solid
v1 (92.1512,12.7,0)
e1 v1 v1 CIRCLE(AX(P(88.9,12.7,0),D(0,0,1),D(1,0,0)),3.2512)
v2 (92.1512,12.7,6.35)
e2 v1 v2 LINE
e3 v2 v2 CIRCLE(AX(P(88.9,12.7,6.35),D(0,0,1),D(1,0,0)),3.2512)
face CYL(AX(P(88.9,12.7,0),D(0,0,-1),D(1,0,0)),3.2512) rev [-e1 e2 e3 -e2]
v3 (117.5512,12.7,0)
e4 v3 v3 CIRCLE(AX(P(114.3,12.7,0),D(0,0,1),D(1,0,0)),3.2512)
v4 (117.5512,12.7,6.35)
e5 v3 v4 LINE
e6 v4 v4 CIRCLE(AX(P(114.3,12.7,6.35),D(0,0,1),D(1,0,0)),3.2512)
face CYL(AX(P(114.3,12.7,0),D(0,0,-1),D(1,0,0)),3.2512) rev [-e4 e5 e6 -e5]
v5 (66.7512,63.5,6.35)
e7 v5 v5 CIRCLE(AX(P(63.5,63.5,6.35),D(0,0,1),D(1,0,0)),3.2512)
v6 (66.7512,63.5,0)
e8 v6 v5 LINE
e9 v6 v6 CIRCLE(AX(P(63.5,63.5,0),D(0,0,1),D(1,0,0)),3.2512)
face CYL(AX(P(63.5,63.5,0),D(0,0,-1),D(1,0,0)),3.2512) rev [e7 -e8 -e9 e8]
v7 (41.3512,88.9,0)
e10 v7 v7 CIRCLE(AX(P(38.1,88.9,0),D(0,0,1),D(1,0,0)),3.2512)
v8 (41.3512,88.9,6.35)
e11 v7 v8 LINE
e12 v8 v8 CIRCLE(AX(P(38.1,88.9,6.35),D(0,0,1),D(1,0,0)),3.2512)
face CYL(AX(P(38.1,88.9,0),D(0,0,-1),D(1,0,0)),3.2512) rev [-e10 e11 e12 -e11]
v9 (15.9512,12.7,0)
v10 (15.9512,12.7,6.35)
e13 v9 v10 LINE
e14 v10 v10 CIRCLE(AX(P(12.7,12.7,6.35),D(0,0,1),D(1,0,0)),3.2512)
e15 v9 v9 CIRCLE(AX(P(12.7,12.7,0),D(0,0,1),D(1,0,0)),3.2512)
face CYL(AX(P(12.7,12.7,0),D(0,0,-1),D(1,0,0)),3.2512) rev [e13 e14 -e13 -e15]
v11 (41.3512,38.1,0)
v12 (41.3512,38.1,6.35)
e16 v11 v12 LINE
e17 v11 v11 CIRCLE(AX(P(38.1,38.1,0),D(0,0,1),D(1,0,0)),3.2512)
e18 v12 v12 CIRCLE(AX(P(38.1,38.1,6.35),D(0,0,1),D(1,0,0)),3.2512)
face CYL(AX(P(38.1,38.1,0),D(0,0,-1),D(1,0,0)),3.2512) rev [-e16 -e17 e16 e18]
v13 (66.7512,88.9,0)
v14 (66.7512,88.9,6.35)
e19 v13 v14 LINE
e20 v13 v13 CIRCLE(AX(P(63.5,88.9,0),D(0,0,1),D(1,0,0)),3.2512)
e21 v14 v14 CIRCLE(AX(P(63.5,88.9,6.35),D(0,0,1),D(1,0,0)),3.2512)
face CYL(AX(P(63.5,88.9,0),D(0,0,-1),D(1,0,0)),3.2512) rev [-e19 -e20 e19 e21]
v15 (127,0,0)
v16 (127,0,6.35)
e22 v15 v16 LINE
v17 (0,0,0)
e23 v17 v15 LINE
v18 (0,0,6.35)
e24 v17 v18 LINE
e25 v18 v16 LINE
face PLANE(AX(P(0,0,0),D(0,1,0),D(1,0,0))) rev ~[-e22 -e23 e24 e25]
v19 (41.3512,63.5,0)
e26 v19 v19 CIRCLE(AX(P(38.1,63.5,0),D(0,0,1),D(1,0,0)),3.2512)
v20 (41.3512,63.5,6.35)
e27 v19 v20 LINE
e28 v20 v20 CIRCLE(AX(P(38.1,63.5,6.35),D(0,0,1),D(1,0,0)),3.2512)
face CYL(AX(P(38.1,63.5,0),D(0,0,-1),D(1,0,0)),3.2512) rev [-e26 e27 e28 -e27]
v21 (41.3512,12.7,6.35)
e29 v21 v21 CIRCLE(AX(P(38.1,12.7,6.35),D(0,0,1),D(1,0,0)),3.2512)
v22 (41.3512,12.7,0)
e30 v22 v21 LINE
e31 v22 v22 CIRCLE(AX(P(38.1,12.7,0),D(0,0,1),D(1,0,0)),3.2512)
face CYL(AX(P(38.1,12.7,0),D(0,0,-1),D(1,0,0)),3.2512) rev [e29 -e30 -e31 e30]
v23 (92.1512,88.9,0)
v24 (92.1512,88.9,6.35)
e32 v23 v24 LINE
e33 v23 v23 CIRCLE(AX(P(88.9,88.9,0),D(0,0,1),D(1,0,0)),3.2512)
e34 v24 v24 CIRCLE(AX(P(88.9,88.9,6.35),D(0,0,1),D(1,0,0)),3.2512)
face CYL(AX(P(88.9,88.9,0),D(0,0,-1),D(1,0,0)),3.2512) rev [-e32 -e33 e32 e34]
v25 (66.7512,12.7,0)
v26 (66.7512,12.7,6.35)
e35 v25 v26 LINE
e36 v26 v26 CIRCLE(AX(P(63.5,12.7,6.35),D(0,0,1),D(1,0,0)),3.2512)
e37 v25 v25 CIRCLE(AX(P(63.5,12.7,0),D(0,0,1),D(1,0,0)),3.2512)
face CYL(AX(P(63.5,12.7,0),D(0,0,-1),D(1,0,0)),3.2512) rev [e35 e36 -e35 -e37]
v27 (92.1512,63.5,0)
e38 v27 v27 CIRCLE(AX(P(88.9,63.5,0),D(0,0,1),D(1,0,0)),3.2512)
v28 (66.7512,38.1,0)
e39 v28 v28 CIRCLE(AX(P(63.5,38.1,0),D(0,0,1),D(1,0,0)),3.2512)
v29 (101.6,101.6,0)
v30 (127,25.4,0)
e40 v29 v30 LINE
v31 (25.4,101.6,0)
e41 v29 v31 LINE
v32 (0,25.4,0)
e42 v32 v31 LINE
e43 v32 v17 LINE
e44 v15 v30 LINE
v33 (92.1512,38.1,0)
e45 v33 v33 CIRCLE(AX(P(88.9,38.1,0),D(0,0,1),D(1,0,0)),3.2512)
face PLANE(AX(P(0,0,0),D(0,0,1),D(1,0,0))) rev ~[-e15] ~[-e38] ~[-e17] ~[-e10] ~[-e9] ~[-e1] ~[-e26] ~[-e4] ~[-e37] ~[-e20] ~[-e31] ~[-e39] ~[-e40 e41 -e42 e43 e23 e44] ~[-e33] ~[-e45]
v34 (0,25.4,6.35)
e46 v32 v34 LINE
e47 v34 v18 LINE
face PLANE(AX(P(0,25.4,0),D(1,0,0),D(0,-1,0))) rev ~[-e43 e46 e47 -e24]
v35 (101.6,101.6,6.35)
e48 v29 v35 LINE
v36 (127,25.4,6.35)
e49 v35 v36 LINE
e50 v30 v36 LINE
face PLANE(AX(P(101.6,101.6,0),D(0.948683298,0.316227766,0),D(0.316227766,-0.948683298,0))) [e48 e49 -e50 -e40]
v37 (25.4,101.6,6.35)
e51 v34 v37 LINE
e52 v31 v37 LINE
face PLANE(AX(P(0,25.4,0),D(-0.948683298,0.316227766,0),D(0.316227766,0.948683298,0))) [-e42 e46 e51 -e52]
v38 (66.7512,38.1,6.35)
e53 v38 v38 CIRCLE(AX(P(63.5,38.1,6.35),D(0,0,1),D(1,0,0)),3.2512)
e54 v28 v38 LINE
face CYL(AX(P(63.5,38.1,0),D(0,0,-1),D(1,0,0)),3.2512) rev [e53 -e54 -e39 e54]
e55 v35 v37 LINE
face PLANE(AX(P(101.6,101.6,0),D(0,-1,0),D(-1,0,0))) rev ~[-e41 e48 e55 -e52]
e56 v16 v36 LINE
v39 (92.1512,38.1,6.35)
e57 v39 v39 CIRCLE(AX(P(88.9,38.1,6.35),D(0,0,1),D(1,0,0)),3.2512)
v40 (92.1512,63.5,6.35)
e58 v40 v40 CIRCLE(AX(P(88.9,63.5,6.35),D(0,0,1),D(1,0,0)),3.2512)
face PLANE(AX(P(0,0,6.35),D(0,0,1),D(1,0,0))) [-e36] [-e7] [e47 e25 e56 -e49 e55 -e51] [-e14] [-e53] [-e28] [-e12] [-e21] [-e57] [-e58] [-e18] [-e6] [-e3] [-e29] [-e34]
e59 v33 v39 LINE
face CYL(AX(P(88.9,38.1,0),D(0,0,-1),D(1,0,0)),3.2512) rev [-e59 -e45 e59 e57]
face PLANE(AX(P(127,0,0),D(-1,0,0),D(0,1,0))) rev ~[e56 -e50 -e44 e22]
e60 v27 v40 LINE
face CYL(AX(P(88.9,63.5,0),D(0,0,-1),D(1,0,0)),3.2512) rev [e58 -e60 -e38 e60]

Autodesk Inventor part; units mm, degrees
ref_plane "YZ Plane" through (0, 0, 0) normal (1, 0, 0) x (0, 1, 0)
ref_plane "XZ Plane" through (0, 0, 0) normal (0, 1, 0) x (-1, 0, 0)
ref_plane "XY Plane" through (0, 0, 0) normal (0, 0, 1) x (1, 0, 0)
sketch "Sketch1" plane through (0, 0, 0) normal (0, 0, 1) x (1, 0, 0)
  line L0 (0, 0) -> (127, 0)
  line L1 (127, 0) -> (127, 101.6)
  line L2 (101.6, 101.6) -> (0, 101.6)
  line L3 (0, 25.4) -> (0, 0)
  circle A0 centre (12.7, 12.7) radius 3.2512
  circle A1 centre (38.1, 12.7) radius 3.2512
  circle A2 centre (63.5, 12.7) radius 3.2512
  circle A3 centre (88.9, 12.7) radius 3.2512
  circle A4 centre (114.3, 12.7) radius 3.2512
  circle A5 centre (38.1, 38.1) radius 3.2512
  circle A6 centre (63.5, 38.1) radius 3.2512
  circle A7 centre (88.9, 38.1) radius 3.2512
  circle A8 centre (38.1, 63.5) radius 3.2512
  circle A9 centre (63.5, 63.5) radius 3.2512
  circle A10 centre (88.9, 63.5) radius 3.2512
  circle A11 centre (38.1, 88.9) radius 3.2512
  circle A12 centre (63.5, 88.9) radius 3.2512
  circle A13 centre (88.9, 88.9) radius 3.2512
  line L4 (0, 25.4) -> (25.4, 101.6)
  line L5 (101.6, 101.6) -> (127, 25.4)
  dimension "d2" = 127
  dimension "d3" = 101.6
  dimension "d4" = 6.5024
  dimension "d5" = 12.7
  dimension "d6" = 12.7
  dimension "d9" = 25.4
  dimension "d14" = 25.4
  dimension "d15" = 25.4
  dimension "d18" = 25.4
  dimension "d23" = 25.4
  dimension "d24" = 25.4
extrude "Extrusion1" add sketch "Sketch1" along normal blind 6.35
properties part number "3x1 T plate"
